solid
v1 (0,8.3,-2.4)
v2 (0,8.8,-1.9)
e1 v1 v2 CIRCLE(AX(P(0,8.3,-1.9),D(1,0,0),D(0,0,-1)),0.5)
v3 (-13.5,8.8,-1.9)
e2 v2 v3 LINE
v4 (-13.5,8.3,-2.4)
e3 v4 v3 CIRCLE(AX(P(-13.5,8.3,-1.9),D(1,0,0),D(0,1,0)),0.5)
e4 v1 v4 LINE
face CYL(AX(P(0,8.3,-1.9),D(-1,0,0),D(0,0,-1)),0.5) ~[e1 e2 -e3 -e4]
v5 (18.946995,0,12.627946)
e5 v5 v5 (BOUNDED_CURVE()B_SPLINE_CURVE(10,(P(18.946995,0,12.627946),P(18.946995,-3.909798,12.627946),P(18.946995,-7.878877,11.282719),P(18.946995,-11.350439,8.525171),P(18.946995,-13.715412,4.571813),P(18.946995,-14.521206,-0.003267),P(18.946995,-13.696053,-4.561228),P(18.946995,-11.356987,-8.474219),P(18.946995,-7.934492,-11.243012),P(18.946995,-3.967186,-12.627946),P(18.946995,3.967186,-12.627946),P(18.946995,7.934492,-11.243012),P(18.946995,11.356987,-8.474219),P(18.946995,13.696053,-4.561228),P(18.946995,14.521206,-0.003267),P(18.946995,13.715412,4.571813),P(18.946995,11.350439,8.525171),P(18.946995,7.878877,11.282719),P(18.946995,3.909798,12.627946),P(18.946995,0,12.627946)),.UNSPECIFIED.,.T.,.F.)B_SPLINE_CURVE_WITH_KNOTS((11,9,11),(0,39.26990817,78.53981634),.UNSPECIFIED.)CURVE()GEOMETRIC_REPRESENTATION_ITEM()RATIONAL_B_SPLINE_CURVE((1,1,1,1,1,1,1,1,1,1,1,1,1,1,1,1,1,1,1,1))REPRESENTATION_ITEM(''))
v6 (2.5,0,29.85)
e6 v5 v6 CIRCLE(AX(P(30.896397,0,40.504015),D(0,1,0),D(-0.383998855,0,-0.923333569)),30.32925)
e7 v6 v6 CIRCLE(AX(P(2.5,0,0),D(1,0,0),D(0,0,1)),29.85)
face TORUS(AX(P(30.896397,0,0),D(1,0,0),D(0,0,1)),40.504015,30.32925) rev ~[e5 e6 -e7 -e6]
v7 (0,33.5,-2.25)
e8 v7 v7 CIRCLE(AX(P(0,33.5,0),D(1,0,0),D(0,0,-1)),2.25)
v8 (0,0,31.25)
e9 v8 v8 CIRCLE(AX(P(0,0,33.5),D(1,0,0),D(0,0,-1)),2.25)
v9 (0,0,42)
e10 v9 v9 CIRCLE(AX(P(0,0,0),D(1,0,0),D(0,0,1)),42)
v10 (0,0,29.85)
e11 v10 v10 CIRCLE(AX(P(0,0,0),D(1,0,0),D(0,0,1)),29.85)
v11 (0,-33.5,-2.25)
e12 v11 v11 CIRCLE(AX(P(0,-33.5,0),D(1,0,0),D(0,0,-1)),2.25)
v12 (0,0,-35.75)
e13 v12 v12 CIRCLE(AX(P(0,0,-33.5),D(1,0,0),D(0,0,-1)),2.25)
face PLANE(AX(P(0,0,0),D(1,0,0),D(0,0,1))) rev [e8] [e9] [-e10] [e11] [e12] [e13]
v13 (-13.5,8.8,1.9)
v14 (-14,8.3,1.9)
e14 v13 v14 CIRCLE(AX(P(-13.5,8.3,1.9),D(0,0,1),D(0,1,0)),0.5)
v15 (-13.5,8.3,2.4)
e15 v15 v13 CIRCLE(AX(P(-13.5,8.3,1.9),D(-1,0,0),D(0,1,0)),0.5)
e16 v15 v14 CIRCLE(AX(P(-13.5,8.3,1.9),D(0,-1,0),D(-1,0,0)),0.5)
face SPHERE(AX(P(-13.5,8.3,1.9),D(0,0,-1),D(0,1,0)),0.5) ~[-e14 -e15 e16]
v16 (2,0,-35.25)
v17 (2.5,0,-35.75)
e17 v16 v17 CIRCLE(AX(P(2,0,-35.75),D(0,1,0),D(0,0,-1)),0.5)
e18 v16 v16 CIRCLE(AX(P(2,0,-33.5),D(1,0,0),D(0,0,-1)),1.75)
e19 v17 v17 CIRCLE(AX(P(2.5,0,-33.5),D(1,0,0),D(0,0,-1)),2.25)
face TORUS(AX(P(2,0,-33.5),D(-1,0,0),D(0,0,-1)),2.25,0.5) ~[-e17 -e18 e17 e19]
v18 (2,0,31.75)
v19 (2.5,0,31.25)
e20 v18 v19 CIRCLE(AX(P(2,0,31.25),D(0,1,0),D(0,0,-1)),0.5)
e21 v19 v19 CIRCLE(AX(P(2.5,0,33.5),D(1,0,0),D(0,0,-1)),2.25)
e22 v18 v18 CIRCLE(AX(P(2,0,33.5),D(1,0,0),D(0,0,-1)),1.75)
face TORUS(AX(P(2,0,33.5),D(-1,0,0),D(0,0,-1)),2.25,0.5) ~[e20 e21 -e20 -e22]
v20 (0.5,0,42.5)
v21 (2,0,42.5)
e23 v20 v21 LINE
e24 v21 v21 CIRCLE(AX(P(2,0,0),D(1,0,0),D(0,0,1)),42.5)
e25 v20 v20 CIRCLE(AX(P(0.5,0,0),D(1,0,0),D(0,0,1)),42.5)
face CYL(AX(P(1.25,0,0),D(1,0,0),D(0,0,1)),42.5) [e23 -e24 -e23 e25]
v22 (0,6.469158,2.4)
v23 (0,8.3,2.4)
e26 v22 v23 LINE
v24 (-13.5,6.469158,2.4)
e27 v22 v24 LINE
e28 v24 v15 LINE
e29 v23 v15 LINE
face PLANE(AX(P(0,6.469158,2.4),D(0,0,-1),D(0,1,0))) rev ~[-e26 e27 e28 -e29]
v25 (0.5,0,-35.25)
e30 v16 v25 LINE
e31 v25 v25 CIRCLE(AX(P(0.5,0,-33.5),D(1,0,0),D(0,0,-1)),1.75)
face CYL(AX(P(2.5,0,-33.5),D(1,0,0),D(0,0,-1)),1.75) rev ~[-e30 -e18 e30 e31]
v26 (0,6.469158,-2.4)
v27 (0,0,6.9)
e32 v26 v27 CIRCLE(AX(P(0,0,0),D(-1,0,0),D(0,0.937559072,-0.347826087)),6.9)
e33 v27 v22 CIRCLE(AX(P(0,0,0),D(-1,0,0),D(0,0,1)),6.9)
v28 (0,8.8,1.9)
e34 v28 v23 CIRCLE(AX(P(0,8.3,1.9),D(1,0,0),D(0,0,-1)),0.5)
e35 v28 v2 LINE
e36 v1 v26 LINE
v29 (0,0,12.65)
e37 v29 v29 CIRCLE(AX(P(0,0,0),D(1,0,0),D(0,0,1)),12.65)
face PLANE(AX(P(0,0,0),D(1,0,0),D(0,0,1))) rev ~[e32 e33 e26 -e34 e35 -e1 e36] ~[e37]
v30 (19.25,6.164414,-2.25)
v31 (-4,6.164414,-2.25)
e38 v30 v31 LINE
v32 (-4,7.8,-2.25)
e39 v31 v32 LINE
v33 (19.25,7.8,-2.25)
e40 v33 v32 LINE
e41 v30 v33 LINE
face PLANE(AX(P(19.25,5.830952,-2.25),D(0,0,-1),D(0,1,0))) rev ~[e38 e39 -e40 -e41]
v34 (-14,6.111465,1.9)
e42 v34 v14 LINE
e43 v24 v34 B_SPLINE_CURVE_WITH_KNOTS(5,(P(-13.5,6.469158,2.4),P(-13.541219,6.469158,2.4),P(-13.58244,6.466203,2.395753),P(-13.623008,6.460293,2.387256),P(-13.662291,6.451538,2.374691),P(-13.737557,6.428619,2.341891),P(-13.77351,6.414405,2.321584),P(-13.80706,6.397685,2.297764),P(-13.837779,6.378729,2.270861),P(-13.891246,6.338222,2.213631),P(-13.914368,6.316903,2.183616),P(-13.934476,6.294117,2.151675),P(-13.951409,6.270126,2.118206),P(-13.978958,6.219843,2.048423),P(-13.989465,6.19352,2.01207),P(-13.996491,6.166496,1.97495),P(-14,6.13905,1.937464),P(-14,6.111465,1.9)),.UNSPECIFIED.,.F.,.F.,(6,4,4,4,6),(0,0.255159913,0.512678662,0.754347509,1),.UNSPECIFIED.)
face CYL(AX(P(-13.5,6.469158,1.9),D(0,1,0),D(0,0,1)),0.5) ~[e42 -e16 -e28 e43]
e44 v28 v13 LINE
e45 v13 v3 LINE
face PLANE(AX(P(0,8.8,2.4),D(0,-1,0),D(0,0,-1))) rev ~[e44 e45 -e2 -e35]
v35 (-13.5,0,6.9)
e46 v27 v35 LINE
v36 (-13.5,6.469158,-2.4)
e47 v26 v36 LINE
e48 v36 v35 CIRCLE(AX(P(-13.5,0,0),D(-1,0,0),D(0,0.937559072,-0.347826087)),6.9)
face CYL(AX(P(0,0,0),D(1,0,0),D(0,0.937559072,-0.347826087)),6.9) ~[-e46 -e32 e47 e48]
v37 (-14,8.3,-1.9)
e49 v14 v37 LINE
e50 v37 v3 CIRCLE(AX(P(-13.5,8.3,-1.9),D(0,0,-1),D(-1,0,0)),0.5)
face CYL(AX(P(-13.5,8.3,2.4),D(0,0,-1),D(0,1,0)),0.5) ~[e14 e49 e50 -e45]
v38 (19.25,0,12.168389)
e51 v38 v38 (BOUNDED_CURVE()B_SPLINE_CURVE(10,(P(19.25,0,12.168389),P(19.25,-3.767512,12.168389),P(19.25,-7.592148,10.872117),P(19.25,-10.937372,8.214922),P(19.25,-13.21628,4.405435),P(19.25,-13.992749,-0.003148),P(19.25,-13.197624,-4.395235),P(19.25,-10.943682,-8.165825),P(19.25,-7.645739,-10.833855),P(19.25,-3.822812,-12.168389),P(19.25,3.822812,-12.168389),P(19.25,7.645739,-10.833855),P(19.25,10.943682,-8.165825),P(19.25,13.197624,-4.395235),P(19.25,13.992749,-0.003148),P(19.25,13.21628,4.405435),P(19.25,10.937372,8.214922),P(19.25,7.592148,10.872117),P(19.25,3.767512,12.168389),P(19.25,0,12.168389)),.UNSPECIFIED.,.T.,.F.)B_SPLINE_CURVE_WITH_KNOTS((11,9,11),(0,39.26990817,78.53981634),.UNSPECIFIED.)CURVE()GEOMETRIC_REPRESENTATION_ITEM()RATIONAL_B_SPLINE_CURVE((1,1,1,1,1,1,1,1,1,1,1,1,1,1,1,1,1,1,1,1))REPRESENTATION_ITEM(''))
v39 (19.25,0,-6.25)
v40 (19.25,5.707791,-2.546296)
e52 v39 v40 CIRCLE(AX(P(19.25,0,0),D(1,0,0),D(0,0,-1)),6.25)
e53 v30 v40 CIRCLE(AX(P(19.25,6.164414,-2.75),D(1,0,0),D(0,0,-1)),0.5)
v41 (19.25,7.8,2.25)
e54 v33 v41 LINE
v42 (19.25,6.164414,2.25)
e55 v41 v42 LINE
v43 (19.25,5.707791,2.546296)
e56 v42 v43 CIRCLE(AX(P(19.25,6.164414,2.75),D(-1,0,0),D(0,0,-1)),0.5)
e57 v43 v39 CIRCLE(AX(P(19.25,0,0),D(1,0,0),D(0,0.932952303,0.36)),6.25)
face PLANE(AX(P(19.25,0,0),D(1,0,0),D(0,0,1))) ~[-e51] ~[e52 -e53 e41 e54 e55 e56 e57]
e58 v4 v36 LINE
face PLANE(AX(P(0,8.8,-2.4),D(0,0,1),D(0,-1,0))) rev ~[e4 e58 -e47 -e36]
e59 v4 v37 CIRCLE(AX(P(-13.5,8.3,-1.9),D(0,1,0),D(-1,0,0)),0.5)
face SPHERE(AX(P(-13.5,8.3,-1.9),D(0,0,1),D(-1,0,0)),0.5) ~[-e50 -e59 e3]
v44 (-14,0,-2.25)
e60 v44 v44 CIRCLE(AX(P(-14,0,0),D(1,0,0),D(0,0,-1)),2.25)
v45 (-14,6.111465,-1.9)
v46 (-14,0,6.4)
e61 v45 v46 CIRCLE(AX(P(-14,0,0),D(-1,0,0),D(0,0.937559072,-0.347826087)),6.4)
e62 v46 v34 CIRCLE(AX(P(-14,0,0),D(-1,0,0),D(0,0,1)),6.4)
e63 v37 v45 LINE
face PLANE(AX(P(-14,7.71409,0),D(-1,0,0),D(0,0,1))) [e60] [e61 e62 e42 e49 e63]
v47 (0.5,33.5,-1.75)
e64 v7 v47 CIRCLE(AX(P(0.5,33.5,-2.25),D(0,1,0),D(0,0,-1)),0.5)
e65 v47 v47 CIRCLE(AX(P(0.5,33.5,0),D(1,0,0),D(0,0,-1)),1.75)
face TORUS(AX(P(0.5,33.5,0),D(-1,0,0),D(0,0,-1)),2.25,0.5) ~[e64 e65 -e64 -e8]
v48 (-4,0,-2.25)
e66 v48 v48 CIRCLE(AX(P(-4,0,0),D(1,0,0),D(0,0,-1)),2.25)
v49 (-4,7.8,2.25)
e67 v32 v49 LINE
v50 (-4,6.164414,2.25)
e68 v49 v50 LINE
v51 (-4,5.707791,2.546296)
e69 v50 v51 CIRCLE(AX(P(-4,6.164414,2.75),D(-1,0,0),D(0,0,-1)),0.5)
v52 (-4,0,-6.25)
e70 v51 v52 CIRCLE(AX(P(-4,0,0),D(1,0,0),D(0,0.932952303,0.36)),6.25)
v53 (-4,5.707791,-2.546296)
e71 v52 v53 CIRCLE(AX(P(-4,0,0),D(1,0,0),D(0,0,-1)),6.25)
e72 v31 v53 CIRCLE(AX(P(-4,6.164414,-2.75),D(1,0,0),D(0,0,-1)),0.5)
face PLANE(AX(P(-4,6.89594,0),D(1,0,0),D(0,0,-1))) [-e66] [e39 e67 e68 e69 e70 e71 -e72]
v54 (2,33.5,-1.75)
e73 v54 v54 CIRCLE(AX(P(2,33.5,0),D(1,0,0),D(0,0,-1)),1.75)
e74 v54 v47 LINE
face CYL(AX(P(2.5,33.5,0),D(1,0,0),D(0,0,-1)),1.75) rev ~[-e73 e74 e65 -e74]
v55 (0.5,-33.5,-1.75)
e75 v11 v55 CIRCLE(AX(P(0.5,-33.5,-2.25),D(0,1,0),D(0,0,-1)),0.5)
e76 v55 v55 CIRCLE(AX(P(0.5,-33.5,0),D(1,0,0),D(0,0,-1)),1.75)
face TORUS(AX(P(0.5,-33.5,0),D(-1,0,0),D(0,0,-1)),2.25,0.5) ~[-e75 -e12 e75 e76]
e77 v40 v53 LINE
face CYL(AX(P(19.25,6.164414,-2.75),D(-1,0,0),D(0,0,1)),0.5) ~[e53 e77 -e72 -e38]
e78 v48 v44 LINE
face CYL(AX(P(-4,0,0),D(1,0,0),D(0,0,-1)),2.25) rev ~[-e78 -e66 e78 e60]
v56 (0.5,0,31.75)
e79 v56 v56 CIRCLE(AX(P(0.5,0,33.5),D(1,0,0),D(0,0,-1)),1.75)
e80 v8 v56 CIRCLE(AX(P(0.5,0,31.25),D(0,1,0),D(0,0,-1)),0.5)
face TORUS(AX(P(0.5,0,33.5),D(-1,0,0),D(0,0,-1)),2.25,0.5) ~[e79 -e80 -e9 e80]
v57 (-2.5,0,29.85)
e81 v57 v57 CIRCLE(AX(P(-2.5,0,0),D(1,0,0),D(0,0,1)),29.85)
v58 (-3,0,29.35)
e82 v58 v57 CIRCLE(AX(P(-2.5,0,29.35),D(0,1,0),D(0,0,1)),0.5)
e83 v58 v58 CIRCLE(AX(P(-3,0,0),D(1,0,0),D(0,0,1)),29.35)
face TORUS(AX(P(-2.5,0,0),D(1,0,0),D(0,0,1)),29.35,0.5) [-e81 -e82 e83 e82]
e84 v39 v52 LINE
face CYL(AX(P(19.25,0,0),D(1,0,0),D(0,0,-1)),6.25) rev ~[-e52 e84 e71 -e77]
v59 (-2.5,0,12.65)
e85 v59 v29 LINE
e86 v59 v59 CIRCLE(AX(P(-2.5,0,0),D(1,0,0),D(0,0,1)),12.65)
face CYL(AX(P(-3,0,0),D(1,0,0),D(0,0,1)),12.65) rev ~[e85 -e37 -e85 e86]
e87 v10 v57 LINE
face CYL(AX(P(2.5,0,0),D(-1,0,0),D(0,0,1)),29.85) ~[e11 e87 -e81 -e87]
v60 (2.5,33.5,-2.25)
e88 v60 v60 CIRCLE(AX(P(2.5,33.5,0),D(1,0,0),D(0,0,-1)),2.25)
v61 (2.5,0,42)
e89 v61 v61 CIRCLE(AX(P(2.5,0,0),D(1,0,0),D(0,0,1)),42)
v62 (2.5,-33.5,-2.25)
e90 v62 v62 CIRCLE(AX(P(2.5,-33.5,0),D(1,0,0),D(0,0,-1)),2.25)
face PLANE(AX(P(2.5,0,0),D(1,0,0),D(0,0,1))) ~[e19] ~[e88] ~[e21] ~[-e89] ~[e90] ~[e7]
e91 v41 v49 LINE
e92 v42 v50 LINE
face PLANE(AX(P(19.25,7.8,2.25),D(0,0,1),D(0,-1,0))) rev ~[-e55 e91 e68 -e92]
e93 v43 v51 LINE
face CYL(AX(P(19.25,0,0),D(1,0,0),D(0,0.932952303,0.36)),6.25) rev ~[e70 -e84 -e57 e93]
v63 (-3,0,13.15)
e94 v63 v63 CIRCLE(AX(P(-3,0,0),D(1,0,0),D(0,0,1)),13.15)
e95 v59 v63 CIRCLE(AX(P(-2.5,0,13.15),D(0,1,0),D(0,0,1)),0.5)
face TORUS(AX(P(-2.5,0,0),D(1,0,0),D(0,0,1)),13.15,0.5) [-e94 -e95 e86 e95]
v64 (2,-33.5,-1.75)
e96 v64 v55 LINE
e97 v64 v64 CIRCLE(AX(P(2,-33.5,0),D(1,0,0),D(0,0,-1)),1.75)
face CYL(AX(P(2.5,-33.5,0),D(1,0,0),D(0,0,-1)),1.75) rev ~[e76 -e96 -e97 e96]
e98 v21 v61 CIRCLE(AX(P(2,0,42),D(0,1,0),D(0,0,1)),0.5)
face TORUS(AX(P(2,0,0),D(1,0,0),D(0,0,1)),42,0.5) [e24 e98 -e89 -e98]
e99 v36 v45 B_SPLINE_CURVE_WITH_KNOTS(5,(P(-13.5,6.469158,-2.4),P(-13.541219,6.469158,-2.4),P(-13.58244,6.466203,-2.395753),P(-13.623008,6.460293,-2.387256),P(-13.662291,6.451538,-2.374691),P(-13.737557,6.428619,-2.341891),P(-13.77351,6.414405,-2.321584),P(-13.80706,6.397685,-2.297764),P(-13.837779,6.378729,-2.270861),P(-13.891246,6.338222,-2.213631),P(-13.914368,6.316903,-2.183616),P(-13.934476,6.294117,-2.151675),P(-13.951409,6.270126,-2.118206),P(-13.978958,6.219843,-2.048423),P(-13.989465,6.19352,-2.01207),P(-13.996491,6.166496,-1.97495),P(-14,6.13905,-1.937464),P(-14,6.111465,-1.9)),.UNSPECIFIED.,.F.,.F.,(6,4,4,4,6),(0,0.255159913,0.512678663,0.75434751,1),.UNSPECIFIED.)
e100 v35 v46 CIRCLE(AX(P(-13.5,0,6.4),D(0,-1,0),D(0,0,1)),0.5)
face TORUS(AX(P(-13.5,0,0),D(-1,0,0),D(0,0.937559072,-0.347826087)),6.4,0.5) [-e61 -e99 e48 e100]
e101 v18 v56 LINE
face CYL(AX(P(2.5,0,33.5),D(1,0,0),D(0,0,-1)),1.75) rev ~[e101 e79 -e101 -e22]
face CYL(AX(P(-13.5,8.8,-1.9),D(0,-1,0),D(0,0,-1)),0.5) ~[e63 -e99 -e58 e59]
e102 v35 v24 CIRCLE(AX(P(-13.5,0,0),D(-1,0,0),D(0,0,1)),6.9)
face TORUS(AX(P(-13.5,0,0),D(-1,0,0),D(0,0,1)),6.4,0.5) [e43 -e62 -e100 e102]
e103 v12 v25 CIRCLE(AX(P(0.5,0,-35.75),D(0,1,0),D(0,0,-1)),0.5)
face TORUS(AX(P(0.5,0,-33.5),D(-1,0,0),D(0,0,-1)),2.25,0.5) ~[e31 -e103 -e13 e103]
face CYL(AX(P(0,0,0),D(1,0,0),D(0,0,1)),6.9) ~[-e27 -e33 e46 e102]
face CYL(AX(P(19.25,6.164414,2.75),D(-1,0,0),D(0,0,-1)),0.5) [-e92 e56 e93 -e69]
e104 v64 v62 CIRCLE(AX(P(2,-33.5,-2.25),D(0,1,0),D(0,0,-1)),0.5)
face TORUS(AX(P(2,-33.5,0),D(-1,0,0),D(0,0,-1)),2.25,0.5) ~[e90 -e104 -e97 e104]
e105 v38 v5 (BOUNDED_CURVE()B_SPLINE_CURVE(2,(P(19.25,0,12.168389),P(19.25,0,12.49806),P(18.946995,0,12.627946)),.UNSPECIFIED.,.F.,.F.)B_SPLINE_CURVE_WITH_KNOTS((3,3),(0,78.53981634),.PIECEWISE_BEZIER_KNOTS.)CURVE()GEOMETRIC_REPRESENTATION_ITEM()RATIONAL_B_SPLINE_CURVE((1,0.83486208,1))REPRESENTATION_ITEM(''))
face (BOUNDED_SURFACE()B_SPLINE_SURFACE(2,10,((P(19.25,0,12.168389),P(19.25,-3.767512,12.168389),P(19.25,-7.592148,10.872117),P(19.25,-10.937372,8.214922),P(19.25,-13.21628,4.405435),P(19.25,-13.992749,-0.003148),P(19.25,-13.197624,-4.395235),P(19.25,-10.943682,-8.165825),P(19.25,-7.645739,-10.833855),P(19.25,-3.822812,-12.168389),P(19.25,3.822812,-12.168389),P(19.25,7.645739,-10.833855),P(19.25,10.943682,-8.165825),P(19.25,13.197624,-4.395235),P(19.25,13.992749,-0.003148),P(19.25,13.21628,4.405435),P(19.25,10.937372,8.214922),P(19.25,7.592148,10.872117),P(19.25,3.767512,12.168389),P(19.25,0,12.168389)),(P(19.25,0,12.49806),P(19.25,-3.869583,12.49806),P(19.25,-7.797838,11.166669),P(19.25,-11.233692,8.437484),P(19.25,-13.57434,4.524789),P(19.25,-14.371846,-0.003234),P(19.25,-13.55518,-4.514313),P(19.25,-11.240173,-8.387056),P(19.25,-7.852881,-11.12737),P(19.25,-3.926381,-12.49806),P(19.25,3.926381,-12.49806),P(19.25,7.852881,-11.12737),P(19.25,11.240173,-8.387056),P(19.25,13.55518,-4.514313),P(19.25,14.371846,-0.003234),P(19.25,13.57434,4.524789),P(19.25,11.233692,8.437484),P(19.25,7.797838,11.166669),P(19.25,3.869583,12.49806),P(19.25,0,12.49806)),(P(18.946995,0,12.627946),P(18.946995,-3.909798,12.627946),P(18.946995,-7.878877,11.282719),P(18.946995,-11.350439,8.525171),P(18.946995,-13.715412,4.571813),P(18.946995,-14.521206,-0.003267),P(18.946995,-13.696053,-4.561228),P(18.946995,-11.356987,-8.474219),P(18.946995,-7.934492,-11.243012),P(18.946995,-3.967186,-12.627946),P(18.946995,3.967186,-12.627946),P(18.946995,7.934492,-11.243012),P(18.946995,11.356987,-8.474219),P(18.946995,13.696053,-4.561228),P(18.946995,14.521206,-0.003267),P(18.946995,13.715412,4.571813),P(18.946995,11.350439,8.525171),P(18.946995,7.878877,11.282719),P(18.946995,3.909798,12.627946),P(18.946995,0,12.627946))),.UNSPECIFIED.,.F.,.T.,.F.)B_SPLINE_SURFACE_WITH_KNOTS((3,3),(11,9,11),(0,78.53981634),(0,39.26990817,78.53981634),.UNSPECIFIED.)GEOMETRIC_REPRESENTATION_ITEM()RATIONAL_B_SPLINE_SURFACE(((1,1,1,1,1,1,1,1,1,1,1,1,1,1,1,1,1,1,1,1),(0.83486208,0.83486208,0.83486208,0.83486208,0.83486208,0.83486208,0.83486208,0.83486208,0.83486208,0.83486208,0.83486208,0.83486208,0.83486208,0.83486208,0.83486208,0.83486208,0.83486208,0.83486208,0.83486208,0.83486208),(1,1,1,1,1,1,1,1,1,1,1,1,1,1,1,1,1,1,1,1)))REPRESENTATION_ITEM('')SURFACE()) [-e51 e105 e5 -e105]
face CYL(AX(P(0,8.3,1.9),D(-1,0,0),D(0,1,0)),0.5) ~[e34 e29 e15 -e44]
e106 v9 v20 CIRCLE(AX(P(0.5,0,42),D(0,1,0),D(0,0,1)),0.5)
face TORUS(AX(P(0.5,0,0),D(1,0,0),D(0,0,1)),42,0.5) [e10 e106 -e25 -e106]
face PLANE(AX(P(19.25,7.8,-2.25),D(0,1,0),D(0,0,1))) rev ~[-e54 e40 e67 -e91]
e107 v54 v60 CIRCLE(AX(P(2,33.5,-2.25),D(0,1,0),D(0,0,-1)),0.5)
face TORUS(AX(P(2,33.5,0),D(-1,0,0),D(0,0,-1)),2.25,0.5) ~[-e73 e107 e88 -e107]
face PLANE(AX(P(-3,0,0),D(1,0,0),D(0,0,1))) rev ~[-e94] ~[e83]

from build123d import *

# Parameters (mm, degrees)
SKETCH1_W           = 2.5
SKETCH1_H           = 12.65
BOSS_EXTRUDE1_DEPTH = 14
SKETCH4_R           = 1.75
CUT_EXTRUDE1_DEPTH  = 63.394410807
CUT_EXTRUDE2_DEPTH  = 23.25
SKETCH6_R           = 2.25
CUT_EXTRUDE3_DEPTH  = 65.44425886
FILLET1_R           = 0.5


with BuildPart() as part:
    # Sketch1 → Revolve1 (revolve)
    with BuildSketch(Plane.XY, mode=Mode.PRIVATE) as revolve1_sk:
        with BuildLine():
            Line((0, 12.65), (0, 0))
            Line((0, 0), (19.25, 0))
            Line((19.25, 0), (19.25, 12.5))
            ThreePointArc((19.25, 12.5), (9.076407039, 19.438606219), (2.5, 29.85))
            Line((2.5, 29.85), (0, 29.85))
            Line((0, 29.85), (-3, 29.85))
            Line((-3, 29.85), (-3, 12.65))
            Line((-3, 12.65), (0, 12.65))
        make_face()
        with Locations((1.25, 36.175)):
            Rectangle(SKETCH1_W, SKETCH1_H)
    revolve(revolve1_sk.sketch.rotate(Axis((-75.117650177, 0, 0), (1, 0, 0)), 90), axis=Axis((-75.117650177, 0, 0), (1, 0, 0)))

    # Sketch3 → Boss-Extrude1 (add)
    with BuildSketch(Plane.ZY):
        with BuildLine():
            Line((-2.4, 8.8), (-2.4, 6.469157596))
            ThreePointArc((-2.4, 6.469157596), (0, 6.9), (2.4, 6.469157596))
            Line((2.4, 6.469157596), (2.4, 8.8))
            Line((2.4, 8.8), (-2.4, 8.8))
        make_face()
        with BuildLine():
            Line((-2.4, 6.469157596), (-2.4, 0))
            Line((-2.4, 0), (2.4, 0))
            Line((2.4, 0), (2.4, 6.469157596))
            ThreePointArc((2.4, 6.469157596), (0, 6.9), (-2.4, 6.469157596))
        make_face()
        with BuildLine():
            Line((2.4, 0), (-2.4, 0))
            Line((-2.4, 0), (-2.4, 6.469157596))
            ThreePointArc((-2.4, 6.469157596), (-3.940177661, -5.664362277), (6.9, 0))
            ThreePointArc((6.9, 0), (5.664362277, 3.940177661), (2.4, 6.469157596))
            Line((2.4, 6.469157596), (2.4, 0))
        make_face()
    extrude(amount=BOSS_EXTRUDE1_DEPTH)

    # Sketch4 → Cut-Extrude1 (cut, through all)
    with BuildSketch(Plane(origin=(2.5, 0, 0), x_dir=(0, 0, -1), z_dir=(1, 0, 0))):
        with Locations((0, 33.5)):
            Circle(SKETCH4_R)
        with Locations((33.5, 0)):
            Circle(SKETCH4_R)
        with Locations((0, -33.5)):
            Circle(SKETCH4_R)
        with Locations((-33.5, 0)):
            Circle(SKETCH4_R)
    extrude(amount=-CUT_EXTRUDE1_DEPTH, mode=Mode.SUBTRACT)

    # Sketch5 → Cut-Extrude2 (cut)
    with BuildSketch(Plane(origin=(19.25, 0, 0), x_dir=(0, 0, -1), z_dir=(1, 0, 0))):
        with BuildLine():
            Line((2.25, 7.8), (-2.25, 7.8))
            Line((-2.25, 7.8), (-2.25, 5.830951895))
            ThreePointArc((-2.25, 5.830951895), (0, 6.25), (2.25, 5.830951895))
            Line((2.25, 5.830951895), (2.25, 7.8))
        make_face()
        with BuildLine():
            ThreePointArc((2.25, 5.830951895), (0, 6.25), (-2.25, 5.830951895))
            Line((-2.25, 5.830951895), (-2.25, 0))
            Line((-2.25, 0), (2.25, 0))
            Line((2.25, 0), (2.25, 5.830951895))
        make_face()
        with BuildLine():
            Line((-2.25, 0), (-2.25, 5.830951895))
            ThreePointArc((-2.25, 5.830951895), (-3.535533906, -5.153882032), (6.25, 0))
            ThreePointArc((6.25, 0), (5.153882032, 3.535533906), (2.25, 5.830951895))
            Line((2.25, 5.830951895), (2.25, 0))
            Line((2.25, 0), (-2.25, 0))
        make_face()
    extrude(amount=-CUT_EXTRUDE2_DEPTH, mode=Mode.SUBTRACT)

    # Sketch6 → Cut-Extrude3 (cut, through all)
    with BuildSketch(Plane(origin=(-4, 0, 0), x_dir=(0, 0, -1), z_dir=(1, 0, 0))):
        Circle(SKETCH6_R)
    extrude(amount=-CUT_EXTRUDE3_DEPTH, mode=Mode.SUBTRACT)

    # Fillet1
    fillet1_edges = [part.edges().sort_by_distance(p)[0] for p in [
        (-3, 0, -12.65),
        (-3, 0, -29.85),
        (0, 0, -42.5),
        (2.5, 0, -42.5),
        (19.25, 0, -12.5),
        (-14, 8.8, 0),
        (-7, 8.8, 2.4),
        (-14, 7.634578798, -2.4),
        (-7, 8.8, -2.4),
        (-14, -5.664362277, -3.940177661),
        (-14, 7.634578798, 2.4),
        (0, 33.5, 1.75),
        (2.5, 33.5, 1.75),
        (0, 0, -31.75),
        (2.5, 0, -31.75),
        (0, -33.5, 1.75),
        (2.5, -33.5, 1.75),
        (0, 0, 35.25),
        (2.5, 0, 35.25),
        (7.625, 5.830951895, 2.25),
        (7.625, 5.830951895, -2.25),
    ]]
    fillet(fillet1_edges, radius=FILLET1_R)


solid = part.part
